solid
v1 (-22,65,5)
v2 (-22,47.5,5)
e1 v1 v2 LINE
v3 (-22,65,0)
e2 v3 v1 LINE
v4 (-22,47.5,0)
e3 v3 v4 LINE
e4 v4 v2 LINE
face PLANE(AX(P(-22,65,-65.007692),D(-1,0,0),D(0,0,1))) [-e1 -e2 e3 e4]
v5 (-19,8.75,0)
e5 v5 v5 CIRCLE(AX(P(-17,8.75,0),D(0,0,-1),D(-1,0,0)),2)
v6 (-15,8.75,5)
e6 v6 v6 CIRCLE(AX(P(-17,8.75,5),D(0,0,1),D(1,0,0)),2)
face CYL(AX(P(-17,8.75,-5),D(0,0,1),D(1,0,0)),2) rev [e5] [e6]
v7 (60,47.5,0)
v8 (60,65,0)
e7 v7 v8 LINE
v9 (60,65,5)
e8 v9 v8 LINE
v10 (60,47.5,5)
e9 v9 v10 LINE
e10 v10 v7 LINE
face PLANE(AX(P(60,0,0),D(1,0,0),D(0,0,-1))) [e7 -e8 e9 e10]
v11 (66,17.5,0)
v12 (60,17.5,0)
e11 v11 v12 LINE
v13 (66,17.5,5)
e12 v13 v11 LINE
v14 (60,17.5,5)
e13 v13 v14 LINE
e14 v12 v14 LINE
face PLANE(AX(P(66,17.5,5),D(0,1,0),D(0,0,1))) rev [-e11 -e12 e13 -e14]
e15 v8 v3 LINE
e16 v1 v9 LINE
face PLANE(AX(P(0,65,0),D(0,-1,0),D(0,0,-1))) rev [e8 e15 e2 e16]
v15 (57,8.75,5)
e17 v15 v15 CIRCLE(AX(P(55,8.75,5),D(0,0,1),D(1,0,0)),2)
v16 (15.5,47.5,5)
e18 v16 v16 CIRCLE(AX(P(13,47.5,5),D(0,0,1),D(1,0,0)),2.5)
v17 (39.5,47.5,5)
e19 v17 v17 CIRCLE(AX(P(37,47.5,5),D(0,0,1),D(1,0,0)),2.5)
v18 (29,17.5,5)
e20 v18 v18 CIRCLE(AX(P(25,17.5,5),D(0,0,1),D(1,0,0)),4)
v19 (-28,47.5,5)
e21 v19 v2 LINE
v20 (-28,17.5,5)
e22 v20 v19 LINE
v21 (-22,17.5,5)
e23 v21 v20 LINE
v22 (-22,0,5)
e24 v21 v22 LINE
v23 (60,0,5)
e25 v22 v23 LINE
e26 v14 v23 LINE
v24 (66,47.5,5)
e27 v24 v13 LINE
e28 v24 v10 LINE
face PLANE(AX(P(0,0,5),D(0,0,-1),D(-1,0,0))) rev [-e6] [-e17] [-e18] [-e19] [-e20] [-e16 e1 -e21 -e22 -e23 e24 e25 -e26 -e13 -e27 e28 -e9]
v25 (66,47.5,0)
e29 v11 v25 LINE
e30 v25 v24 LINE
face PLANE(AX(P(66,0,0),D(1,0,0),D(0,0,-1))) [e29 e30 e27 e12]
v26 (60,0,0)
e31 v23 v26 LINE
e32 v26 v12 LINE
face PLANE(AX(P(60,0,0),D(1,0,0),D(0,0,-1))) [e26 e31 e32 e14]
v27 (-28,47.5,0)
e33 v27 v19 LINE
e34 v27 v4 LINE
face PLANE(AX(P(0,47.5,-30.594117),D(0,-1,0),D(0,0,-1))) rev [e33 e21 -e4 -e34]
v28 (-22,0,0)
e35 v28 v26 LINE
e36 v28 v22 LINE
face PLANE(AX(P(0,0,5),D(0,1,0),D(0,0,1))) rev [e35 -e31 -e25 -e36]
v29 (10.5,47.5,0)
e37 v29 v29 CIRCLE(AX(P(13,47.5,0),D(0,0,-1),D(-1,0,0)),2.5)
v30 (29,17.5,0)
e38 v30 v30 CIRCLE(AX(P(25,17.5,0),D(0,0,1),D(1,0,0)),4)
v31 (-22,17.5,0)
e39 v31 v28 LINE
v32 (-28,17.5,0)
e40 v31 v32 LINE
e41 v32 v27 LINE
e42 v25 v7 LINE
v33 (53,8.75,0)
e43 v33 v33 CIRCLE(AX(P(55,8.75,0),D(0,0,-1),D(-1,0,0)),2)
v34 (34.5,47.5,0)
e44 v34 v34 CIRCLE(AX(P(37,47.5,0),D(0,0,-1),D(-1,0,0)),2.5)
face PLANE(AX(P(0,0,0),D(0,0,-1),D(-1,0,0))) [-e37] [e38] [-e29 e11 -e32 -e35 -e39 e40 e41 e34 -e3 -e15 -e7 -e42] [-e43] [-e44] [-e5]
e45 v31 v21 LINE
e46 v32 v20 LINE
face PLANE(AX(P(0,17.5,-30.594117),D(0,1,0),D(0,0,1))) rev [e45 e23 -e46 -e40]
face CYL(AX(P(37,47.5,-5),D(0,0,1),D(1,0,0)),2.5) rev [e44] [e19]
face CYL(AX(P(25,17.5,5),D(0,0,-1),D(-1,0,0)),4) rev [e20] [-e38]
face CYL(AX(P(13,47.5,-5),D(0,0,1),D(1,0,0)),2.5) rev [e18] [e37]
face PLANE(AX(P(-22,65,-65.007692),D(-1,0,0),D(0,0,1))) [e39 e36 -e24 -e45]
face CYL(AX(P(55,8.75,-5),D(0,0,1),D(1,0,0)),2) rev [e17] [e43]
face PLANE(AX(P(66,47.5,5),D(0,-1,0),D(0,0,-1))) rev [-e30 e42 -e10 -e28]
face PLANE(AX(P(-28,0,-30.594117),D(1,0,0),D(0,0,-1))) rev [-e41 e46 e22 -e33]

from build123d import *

# Parameters (mm, degrees)
SKETCH2_W            = 50
SKETCH2_H            = 65
SKETCH2_R            = 2
SKETCH2_R_2          = 4
BOSS_EXTRUDE1_DEPTH  = 5
SKETCH3_W            = 21
SKETCH3_H            = 65
BOSS_EXTRUDE2_DEPTH  = 5
SKETCH4_W            = 1
SKETCH4_H            = 65
BOSS_EXTRUDE3_DEPTH  = 5
BOSS_EXTRUDE4_DEPTH  = 5
SKETCH6_R            = 2
CUT_EXTRUDE1_DEPTH   = 59
SKETCH7_R            = 1.5
CUT_EXTRUDE2_DEPTH   = 10
SKETCH7_4_R          = 1.5
CUT_EXTRUDE3_DEPTH   = 10
SKETCH7_5_R          = 1.5
BOSS_EXTRUDE5_DEPTH  = 5
SKETCH8_R            = 2
CUT_EXTRUDE4_DEPTH   = 10
SKETCH9_R            = 2.5
CUT_EXTRUDE5_DEPTH   = 10
SKETCH10_R           = 2.5
BOSS_EXTRUDE6_DEPTH  = 5
SKETCH10_4_R         = 2.5
CUT_EXTRUDE6_DEPTH   = 10
SKETCH11_W           = 72
SKETCH11_H           = 5
BOSS_EXTRUDE7_DEPTH  = 10
SKETCH12_W           = 5
SKETCH12_H           = 17.5
BOSS_EXTRUDE8_DEPTH  = 10
SKETCH14_W           = 5
SKETCH14_H           = 27.5
BOSS_EXTRUDE9_DEPTH  = 10
SKETCH13_W           = 5
SKETCH13_H           = 30
BOSS_EXTRUDE10_DEPTH = 10
SKETCH17_R           = 2
BOSS_EXTRUDE11_DEPTH = 5
SKETCH17_3_R         = 2
CUT_EXTRUDE7_DEPTH   = 10
SKETCH18_W           = 82
SKETCH18_H           = 5
CUT_EXTRUDE8_DEPTH   = 10
SKETCH19_R           = 2.5
BOSS_EXTRUDE12_DEPTH = 5
CUT_EXTRUDE9_DEPTH   = 10


with BuildPart() as part:
    # Sketch2 → Boss-Extrude1 (new body)
    with BuildSketch(Plane.XY):
        with Locations((25, 32.5)):
            Rectangle(SKETCH2_W, SKETCH2_H)
        with Locations((25, 59.5)):
            Circle(SKETCH2_R, mode=Mode.SUBTRACT)
        with Locations((13, 47.5)):
            Circle(SKETCH2_R, mode=Mode.SUBTRACT)
        with Locations((37, 47.5)):
            Circle(SKETCH2_R, mode=Mode.SUBTRACT)
        with Locations((25, 17.5)):
            Circle(SKETCH2_R_2, mode=Mode.SUBTRACT)
    extrude(amount=BOSS_EXTRUDE1_DEPTH)

    # Sketch3 → Boss-Extrude2 (add)
    with BuildSketch(Plane.XY.offset(5)):
        with Locations((-10.5, 32.5)):
            Rectangle(SKETCH3_W, SKETCH3_H)
    extrude(amount=-BOSS_EXTRUDE2_DEPTH)

    # Sketch4 → Boss-Extrude3 (add)
    with BuildSketch(Plane.XY.offset(5)):
        with Locations((-21.5, 32.5)):
            Rectangle(SKETCH4_W, SKETCH4_H)
    extrude(amount=-BOSS_EXTRUDE3_DEPTH)

    # Sketch5 → Boss-Extrude4 (add)
    with BuildSketch(Plane.XY.offset(5)):
        Polygon((-22, 17.5), (-22, 32.5), (-22, 47.5), (-28, 47.5), (-28, 17.5), align=None)
        Polygon((56, 17.5), (56, 47.5), (50, 47.5), (50, 32.5), (50, 17.5), align=None)
    extrude(amount=-BOSS_EXTRUDE4_DEPTH)

    # Sketch6 → Cut-Extrude1 (cut)
    with BuildSketch(Plane.XY.offset(5)):
        with Locations((25, 35.5)):
            Circle(SKETCH6_R)
    extrude(amount=-CUT_EXTRUDE1_DEPTH, mode=Mode.SUBTRACT)

    # Sketch7 → Cut-Extrude2 (cut)
    with BuildSketch(Plane.XY.offset(5)):
        with Locations((-17, 56.25)):
            Circle(SKETCH7_R)
        with Locations((45, 56.25)):
            Circle(SKETCH7_R)
    extrude(amount=-CUT_EXTRUDE2_DEPTH, mode=Mode.SUBTRACT)

    # Sketch7<4> → Cut-Extrude3 (cut)
    with BuildSketch(Plane.XY.offset(5)):
        with Locations((45, 8.75)):
            Circle(SKETCH7_4_R)
        with Locations((-17, 8.75)):
            Circle(SKETCH7_4_R)
    extrude(amount=-CUT_EXTRUDE3_DEPTH, mode=Mode.SUBTRACT)

    # Sketch7<5> → Boss-Extrude5 (add)
    with BuildSketch(Plane.XY.offset(5)):
        with Locations((-17, 56.25)):
            Circle(SKETCH7_5_R)
        with Locations((45, 56.25)):
            Circle(SKETCH7_5_R)
    extrude(amount=-BOSS_EXTRUDE5_DEPTH)

    # Sketch8 → Cut-Extrude4 (cut)
    with BuildSketch(Plane.XY.offset(5)):
        with Locations((-17, 8.75)):
            Circle(SKETCH8_R)
        with Locations((45, 8.75)):
            Circle(SKETCH8_R)
    extrude(amount=-CUT_EXTRUDE4_DEPTH, mode=Mode.SUBTRACT)

    # Sketch9 → Cut-Extrude5 (cut)
    with BuildSketch(Plane.XY.offset(5)):
        with Locations((25, 59.5)):
            Circle(SKETCH9_R)
        with Locations((25, 35.5)):
            Circle(SKETCH9_R)
        with Locations((13, 47.5)):
            Circle(SKETCH9_R)
        with Locations((37, 47.5)):
            Circle(SKETCH9_R)
    extrude(amount=-CUT_EXTRUDE5_DEPTH, mode=Mode.SUBTRACT)

    # Sketch10 → Boss-Extrude6 (add)
    with BuildSketch(Plane.XY.offset(5)):
        with BuildLine():
            Line((10.5, 47.5), (13, 47.5))
            Line((13, 47.5), (15.5, 47.5))
            ThreePointArc((15.5, 47.5), (13, 50), (10.5, 47.5))
        make_face()
        with BuildLine():
            Line((15.5, 47.5), (13, 47.5))
            Line((13, 47.5), (10.5, 47.5))
            ThreePointArc((10.5, 47.5), (13, 45), (15.5, 47.5))
        make_face()
        with Locations((25, 59.5)):
            Circle(SKETCH10_R)
        with BuildLine():
            ThreePointArc((39.5, 47.5), (37, 50), (34.5, 47.5))
            Line((34.5, 47.5), (37, 47.5))
            Line((37, 47.5), (39.5, 47.5))
        make_face()
        with BuildLine():
            Line((37, 47.5), (34.5, 47.5))
            ThreePointArc((34.5, 47.5), (37, 45), (39.5, 47.5))
            Line((39.5, 47.5), (37, 47.5))
        make_face()
        with Locations((25, 35.5)):
            Circle(SKETCH10_R)
    extrude(amount=-BOSS_EXTRUDE6_DEPTH)

    # Sketch10<4> → Cut-Extrude6 (cut)
    with BuildSketch(Plane.XY.offset(5)):
        with Locations((6.5, 47.5)):
            Circle(SKETCH10_4_R)
        with Locations((43.5, 47.5)):
            Circle(SKETCH10_4_R)
    extrude(amount=-CUT_EXTRUDE6_DEPTH, mode=Mode.SUBTRACT)

    # Sketch11 → Boss-Extrude7 (add)
    with BuildSketch(Plane(origin=(0, 65, 0), x_dir=(1, 0, 0), z_dir=(0, 1, 0))):
        with Locations((14, -2.5)):
            Rectangle(SKETCH11_W, SKETCH11_H)
    extrude(amount=BOSS_EXTRUDE7_DEPTH)

    # Sketch12 → Boss-Extrude8 (add)
    with BuildSketch(Plane(origin=(50, 0, 0), x_dir=(0, 0, -1), z_dir=(1, 0, 0))):
        with Locations((-2.5, 8.75)):
            Rectangle(SKETCH12_W, SKETCH12_H)
    extrude(amount=BOSS_EXTRUDE8_DEPTH)

    # Sketch14 → Boss-Extrude9 (add)
    with BuildSketch(Plane(origin=(50, 0, 0), x_dir=(0, 0, -1), z_dir=(1, 0, 0))):
        with Locations((-2.5, 61.25)):
            Rectangle(SKETCH14_W, SKETCH14_H)
    extrude(amount=BOSS_EXTRUDE9_DEPTH)

    # Sketch13 → Boss-Extrude10 (add)
    with BuildSketch(Plane(origin=(56, 0, 0), x_dir=(0, 0, -1), z_dir=(1, 0, 0))):
        with Locations((-2.5, 32.5)):
            Rectangle(SKETCH13_W, SKETCH13_H)
    extrude(amount=BOSS_EXTRUDE10_DEPTH)

    # Sketch17 → Boss-Extrude11 (add)
    with BuildSketch(Plane.XY.offset(5)):
        with Locations((45, 8.75)):
            Circle(SKETCH17_R)
        with Locations((55, 8.75)):
            Circle(SKETCH17_R)
    extrude(amount=-BOSS_EXTRUDE11_DEPTH)

    # Sketch17<3> → Cut-Extrude7 (cut)
    with BuildSketch(Plane.XY.offset(5)):
        with Locations((55, 8.75)):
            Circle(SKETCH17_3_R)
    extrude(amount=-CUT_EXTRUDE7_DEPTH, mode=Mode.SUBTRACT)

    # Sketch18 → Cut-Extrude8 (cut)
    with BuildSketch(Plane(origin=(0, 75, 0), x_dir=(1, 0, 0), z_dir=(0, 1, 0))):
        with Locations((19, -2.5)):
            Rectangle(SKETCH18_W, SKETCH18_H)
    extrude(amount=-CUT_EXTRUDE8_DEPTH, mode=Mode.SUBTRACT)

    # Sketch19 → Boss-Extrude12 (add)
    with BuildSketch(Plane.XY.offset(5)):
        with Locations((6.5, 47.5)):
            Circle(SKETCH19_R)
        with Locations((13, 47.5)):
            Circle(SKETCH19_R)
        with Locations((37, 47.5)):
            Circle(SKETCH19_R)
        with Locations((43.5, 47.5)):
            Circle(SKETCH19_R)
    extrude(amount=-BOSS_EXTRUDE12_DEPTH)

    # Sketch19<3> → Cut-Extrude9 (cut)
    with BuildSketch(Plane.XY.offset(5)):
        with BuildLine():
            Line((10.5, 47.5), (13, 47.5))
            Line((13, 47.5), (15.5, 47.5))
            ThreePointArc((15.5, 47.5), (13, 50), (10.5, 47.5))
        make_face()
        with BuildLine():
            Line((15.5, 47.5), (13, 47.5))
            Line((13, 47.5), (10.5, 47.5))
            ThreePointArc((10.5, 47.5), (13, 45), (15.5, 47.5))
        make_face()
        with BuildLine():
            ThreePointArc((39.5, 47.5), (37, 50), (34.5, 47.5))
            Line((34.5, 47.5), (37, 47.5))
            Line((37, 47.5), (39.5, 47.5))
        make_face()
        with BuildLine():
            Line((37, 47.5), (34.5, 47.5))
            ThreePointArc((34.5, 47.5), (37, 45), (39.5, 47.5))
            Line((39.5, 47.5), (37, 47.5))
        make_face()
    extrude(amount=-CUT_EXTRUDE9_DEPTH, mode=Mode.SUBTRACT)


solid = part.part
